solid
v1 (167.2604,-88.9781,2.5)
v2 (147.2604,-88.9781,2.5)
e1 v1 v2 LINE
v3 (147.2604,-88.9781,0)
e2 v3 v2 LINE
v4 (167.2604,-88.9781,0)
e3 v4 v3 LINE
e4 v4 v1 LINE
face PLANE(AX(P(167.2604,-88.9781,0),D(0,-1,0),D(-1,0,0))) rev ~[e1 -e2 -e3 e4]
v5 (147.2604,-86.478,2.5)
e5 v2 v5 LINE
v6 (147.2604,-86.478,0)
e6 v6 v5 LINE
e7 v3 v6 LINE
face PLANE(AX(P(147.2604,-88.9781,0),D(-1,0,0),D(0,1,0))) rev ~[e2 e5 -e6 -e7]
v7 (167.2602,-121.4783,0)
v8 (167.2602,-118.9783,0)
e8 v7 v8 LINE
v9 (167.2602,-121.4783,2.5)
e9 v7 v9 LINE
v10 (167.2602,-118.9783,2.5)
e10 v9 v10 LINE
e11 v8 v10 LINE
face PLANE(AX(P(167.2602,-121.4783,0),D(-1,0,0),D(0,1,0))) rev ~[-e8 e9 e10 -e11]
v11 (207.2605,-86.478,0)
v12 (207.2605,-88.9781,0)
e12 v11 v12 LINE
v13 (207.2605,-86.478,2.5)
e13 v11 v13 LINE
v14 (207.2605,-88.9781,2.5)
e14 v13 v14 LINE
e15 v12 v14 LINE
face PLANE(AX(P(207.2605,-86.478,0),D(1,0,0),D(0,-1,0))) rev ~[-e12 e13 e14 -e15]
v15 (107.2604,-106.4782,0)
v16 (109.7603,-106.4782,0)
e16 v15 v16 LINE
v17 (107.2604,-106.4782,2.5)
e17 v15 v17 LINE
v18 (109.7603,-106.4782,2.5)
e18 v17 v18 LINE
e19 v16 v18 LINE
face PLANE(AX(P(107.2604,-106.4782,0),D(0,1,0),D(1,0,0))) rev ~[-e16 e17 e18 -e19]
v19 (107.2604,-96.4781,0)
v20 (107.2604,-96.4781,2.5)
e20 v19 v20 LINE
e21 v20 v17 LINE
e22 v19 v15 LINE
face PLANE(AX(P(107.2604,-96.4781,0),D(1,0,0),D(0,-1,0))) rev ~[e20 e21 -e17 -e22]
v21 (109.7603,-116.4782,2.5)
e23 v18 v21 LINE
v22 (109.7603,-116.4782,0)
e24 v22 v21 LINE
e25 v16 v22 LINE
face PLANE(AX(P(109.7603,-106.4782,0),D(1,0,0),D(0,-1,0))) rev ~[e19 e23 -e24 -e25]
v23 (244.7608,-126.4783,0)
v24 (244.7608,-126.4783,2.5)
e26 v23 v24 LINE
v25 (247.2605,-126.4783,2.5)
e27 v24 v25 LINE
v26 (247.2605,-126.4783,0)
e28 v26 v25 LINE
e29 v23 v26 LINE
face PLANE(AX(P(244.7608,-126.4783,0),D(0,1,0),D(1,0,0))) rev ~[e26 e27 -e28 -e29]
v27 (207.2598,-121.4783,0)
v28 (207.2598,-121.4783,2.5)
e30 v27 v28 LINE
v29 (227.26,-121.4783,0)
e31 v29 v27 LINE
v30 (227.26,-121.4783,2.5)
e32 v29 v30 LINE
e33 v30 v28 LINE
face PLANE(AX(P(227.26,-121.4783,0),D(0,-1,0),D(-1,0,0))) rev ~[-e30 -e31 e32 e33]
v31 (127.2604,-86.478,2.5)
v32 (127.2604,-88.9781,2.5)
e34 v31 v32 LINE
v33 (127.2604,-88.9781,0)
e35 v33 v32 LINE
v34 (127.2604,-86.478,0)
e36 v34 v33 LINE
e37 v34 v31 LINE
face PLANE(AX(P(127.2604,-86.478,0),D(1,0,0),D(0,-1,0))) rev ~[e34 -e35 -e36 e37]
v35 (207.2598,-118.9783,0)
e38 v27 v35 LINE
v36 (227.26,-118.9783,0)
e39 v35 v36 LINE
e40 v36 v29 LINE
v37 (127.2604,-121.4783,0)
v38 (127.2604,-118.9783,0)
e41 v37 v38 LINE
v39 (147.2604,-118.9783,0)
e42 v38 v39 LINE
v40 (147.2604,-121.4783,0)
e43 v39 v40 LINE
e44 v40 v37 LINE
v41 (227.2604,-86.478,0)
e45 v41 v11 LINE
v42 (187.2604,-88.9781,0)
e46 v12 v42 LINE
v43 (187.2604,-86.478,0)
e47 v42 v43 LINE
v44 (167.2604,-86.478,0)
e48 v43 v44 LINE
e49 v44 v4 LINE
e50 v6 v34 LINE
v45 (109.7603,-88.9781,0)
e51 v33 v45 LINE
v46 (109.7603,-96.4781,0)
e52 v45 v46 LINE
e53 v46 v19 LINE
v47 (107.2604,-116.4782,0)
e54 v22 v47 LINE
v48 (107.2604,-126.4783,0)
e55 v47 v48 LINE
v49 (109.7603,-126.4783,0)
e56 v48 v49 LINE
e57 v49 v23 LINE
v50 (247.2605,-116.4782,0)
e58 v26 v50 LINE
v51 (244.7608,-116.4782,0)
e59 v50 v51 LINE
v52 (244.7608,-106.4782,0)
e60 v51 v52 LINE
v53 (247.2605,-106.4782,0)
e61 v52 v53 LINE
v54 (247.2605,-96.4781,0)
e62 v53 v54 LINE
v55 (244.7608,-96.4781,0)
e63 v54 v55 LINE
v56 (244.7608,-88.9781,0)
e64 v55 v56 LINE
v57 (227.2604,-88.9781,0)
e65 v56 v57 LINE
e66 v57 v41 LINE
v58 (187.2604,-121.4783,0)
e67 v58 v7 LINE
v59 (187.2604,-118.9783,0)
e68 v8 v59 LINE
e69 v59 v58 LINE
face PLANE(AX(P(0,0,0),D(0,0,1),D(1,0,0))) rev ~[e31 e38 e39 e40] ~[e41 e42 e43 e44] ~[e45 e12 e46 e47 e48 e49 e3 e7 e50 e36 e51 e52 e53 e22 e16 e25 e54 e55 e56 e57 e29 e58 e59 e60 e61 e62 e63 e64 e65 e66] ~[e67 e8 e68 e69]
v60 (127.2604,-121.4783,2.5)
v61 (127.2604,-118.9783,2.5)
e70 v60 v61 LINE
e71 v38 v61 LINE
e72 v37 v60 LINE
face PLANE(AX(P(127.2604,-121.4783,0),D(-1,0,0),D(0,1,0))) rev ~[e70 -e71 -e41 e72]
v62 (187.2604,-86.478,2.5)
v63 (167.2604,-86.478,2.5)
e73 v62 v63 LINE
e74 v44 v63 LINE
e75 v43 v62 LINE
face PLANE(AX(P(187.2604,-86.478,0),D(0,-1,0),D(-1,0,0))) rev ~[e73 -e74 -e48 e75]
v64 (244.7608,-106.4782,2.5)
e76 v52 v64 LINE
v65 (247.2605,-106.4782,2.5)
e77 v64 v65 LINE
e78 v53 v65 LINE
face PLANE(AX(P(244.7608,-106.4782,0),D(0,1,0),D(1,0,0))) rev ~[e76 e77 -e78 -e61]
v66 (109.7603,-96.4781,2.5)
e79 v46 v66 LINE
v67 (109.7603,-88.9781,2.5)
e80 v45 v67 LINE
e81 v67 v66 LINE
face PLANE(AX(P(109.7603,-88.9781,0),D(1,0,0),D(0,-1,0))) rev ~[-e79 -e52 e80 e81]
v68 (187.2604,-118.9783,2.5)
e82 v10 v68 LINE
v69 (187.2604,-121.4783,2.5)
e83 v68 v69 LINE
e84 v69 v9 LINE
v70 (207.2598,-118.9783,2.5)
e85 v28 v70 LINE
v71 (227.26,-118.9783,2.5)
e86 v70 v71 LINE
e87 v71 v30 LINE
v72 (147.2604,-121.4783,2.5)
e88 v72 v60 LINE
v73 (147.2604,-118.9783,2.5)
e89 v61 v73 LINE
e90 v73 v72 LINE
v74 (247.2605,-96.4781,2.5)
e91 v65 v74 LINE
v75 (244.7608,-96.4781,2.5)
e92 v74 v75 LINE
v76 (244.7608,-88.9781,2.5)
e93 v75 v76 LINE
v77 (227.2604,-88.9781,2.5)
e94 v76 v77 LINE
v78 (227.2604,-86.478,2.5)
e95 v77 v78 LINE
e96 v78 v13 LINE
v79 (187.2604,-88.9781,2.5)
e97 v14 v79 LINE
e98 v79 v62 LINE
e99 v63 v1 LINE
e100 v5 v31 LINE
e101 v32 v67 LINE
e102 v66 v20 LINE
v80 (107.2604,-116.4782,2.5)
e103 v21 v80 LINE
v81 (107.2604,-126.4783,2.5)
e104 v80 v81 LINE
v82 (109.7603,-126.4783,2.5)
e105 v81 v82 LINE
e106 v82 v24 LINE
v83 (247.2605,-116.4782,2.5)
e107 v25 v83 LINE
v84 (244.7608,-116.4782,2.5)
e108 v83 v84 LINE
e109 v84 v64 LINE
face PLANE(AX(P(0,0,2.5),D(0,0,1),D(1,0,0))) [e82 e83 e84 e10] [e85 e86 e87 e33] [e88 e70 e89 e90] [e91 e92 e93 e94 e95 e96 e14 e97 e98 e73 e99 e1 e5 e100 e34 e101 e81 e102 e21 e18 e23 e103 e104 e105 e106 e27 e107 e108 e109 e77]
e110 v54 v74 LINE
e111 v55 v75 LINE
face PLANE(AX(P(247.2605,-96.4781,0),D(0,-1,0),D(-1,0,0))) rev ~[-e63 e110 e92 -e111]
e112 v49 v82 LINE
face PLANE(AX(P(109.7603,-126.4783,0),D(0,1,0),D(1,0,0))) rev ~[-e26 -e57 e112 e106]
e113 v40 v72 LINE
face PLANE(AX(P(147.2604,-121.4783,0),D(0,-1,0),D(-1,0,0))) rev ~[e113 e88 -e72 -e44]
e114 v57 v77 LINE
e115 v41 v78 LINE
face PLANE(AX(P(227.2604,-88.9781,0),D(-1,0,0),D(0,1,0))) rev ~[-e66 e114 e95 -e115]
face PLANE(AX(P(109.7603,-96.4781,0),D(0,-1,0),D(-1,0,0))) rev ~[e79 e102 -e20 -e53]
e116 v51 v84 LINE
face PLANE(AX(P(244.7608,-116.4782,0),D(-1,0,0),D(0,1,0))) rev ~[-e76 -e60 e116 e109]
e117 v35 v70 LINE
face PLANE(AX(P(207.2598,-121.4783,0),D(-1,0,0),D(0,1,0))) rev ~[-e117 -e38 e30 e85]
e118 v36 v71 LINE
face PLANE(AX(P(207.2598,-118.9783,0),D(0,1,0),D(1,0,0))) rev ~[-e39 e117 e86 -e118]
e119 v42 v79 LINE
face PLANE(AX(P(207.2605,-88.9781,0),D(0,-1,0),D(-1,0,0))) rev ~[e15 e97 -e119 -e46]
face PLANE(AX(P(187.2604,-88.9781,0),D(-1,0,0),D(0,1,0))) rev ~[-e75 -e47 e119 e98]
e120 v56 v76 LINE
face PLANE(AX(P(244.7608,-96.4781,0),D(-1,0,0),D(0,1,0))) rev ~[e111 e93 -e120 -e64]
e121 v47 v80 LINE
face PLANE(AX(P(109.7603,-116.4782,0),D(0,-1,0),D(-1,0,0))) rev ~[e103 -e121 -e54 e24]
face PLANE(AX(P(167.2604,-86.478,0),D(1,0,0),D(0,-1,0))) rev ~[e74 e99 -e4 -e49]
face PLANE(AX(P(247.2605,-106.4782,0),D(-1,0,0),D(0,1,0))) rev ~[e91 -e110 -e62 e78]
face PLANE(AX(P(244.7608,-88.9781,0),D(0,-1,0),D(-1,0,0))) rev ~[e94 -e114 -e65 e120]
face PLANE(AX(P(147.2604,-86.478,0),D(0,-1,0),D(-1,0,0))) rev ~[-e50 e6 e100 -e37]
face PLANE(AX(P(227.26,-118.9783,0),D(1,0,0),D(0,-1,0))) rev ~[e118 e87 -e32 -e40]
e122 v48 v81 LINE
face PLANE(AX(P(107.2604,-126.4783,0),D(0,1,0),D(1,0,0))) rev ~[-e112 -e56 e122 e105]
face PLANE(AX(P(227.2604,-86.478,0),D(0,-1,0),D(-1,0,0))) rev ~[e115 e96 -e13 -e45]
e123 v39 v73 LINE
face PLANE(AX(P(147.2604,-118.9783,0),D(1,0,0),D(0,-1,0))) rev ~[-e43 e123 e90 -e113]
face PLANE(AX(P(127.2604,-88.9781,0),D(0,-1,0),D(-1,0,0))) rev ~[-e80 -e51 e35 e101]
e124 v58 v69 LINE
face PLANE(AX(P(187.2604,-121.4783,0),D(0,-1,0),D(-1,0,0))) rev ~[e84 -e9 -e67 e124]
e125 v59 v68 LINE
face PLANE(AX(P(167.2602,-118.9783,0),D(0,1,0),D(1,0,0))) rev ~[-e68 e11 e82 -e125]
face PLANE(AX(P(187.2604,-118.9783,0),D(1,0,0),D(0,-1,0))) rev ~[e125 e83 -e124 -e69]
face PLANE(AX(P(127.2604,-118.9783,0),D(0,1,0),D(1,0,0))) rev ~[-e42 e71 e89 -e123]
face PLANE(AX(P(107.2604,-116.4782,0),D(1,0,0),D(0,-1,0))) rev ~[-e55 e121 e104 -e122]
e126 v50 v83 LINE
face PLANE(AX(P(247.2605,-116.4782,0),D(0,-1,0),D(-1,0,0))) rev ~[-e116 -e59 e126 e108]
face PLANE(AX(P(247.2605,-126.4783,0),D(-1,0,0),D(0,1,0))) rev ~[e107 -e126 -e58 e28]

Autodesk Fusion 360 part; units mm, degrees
sketch "スケッチ1" plane through (0, 0, 0) normal (0, 0, 1) x (1, 0, 0)
  line L0 (227.26, -118.9783) -> (227.26, -121.4783)
  line L1 (127.2604, -118.9783) -> (147.2604, -118.9783)
  line L2 (227.26, -121.4783) -> (207.2598, -121.4783)
  line L3 (147.2604, -118.9783) -> (147.2604, -121.4783)
  line L4 (207.2598, -121.4783) -> (207.2598, -118.9783)
  line L5 (187.2604, -121.4783) -> (167.2602, -121.4783)
  line L6 (207.2598, -118.9783) -> (227.26, -118.9783)
  line L7 (187.2604, -118.9783) -> (187.2604, -121.4783)
  line L8 (167.2602, -121.4783) -> (167.2602, -118.9783)
  line L9 (167.2602, -118.9783) -> (187.2604, -118.9783)
  line L10 (244.7608, -88.9781) -> (227.2604, -88.9781)
  line L11 (227.2604, -88.9781) -> (227.2604, -86.478)
  line L12 (227.2604, -86.478) -> (207.2605, -86.478)
  line L13 (207.2605, -86.478) -> (207.2605, -88.9781)
  line L14 (207.2605, -88.9781) -> (187.2604, -88.9781)
  line L15 (187.2604, -88.9781) -> (187.2604, -86.478)
  line L16 (187.2604, -86.478) -> (167.2604, -86.478)
  line L17 (167.2604, -86.478) -> (167.2604, -88.9781)
  line L18 (167.2604, -88.9781) -> (147.2604, -88.9781)
  line L19 (147.2604, -88.9781) -> (147.2604, -86.478)
  line L20 (147.2604, -86.478) -> (127.2604, -86.478)
  line L21 (127.2604, -86.478) -> (127.2604, -88.9781)
  line L22 (127.2604, -88.9781) -> (109.7603, -88.9781)
  line L23 (109.7603, -88.9781) -> (109.7603, -96.4781)
  line L24 (109.7603, -96.4781) -> (107.2604, -96.4781)
  line L25 (107.2604, -96.4781) -> (107.2604, -106.4782)
  line L26 (107.2604, -106.4782) -> (109.7603, -106.4782)
  line L27 (109.7603, -106.4782) -> (109.7603, -116.4782)
  line L28 (109.7603, -116.4782) -> (107.2604, -116.4782)
  line L29 (107.2604, -116.4782) -> (107.2604, -126.4783)
  line L30 (107.2604, -126.4783) -> (109.7603, -126.4783)
  line L31 (109.7603, -126.4783) -> (244.7608, -126.4783)
  line L32 (244.7608, -126.4783) -> (247.2605, -126.4783)
  line L33 (247.2605, -126.4783) -> (247.2605, -116.4782)
  line L34 (247.2605, -116.4782) -> (244.7608, -116.4782)
  line L35 (244.7608, -116.4782) -> (244.7608, -106.4782)
  line L36 (244.7608, -106.4782) -> (247.2605, -106.4782)
  line L37 (247.2605, -106.4782) -> (247.2605, -96.4781)
  line L38 (247.2605, -96.4781) -> (244.7608, -96.4781)
  line L39 (244.7608, -96.4781) -> (244.7608, -88.9781)
  line L40 (147.2604, -121.4783) -> (127.2604, -121.4783)
  line L41 (127.2604, -121.4783) -> (127.2604, -118.9783)
extrude "押し出し1" add sketch "スケッチ1" along normal blind 2.5
